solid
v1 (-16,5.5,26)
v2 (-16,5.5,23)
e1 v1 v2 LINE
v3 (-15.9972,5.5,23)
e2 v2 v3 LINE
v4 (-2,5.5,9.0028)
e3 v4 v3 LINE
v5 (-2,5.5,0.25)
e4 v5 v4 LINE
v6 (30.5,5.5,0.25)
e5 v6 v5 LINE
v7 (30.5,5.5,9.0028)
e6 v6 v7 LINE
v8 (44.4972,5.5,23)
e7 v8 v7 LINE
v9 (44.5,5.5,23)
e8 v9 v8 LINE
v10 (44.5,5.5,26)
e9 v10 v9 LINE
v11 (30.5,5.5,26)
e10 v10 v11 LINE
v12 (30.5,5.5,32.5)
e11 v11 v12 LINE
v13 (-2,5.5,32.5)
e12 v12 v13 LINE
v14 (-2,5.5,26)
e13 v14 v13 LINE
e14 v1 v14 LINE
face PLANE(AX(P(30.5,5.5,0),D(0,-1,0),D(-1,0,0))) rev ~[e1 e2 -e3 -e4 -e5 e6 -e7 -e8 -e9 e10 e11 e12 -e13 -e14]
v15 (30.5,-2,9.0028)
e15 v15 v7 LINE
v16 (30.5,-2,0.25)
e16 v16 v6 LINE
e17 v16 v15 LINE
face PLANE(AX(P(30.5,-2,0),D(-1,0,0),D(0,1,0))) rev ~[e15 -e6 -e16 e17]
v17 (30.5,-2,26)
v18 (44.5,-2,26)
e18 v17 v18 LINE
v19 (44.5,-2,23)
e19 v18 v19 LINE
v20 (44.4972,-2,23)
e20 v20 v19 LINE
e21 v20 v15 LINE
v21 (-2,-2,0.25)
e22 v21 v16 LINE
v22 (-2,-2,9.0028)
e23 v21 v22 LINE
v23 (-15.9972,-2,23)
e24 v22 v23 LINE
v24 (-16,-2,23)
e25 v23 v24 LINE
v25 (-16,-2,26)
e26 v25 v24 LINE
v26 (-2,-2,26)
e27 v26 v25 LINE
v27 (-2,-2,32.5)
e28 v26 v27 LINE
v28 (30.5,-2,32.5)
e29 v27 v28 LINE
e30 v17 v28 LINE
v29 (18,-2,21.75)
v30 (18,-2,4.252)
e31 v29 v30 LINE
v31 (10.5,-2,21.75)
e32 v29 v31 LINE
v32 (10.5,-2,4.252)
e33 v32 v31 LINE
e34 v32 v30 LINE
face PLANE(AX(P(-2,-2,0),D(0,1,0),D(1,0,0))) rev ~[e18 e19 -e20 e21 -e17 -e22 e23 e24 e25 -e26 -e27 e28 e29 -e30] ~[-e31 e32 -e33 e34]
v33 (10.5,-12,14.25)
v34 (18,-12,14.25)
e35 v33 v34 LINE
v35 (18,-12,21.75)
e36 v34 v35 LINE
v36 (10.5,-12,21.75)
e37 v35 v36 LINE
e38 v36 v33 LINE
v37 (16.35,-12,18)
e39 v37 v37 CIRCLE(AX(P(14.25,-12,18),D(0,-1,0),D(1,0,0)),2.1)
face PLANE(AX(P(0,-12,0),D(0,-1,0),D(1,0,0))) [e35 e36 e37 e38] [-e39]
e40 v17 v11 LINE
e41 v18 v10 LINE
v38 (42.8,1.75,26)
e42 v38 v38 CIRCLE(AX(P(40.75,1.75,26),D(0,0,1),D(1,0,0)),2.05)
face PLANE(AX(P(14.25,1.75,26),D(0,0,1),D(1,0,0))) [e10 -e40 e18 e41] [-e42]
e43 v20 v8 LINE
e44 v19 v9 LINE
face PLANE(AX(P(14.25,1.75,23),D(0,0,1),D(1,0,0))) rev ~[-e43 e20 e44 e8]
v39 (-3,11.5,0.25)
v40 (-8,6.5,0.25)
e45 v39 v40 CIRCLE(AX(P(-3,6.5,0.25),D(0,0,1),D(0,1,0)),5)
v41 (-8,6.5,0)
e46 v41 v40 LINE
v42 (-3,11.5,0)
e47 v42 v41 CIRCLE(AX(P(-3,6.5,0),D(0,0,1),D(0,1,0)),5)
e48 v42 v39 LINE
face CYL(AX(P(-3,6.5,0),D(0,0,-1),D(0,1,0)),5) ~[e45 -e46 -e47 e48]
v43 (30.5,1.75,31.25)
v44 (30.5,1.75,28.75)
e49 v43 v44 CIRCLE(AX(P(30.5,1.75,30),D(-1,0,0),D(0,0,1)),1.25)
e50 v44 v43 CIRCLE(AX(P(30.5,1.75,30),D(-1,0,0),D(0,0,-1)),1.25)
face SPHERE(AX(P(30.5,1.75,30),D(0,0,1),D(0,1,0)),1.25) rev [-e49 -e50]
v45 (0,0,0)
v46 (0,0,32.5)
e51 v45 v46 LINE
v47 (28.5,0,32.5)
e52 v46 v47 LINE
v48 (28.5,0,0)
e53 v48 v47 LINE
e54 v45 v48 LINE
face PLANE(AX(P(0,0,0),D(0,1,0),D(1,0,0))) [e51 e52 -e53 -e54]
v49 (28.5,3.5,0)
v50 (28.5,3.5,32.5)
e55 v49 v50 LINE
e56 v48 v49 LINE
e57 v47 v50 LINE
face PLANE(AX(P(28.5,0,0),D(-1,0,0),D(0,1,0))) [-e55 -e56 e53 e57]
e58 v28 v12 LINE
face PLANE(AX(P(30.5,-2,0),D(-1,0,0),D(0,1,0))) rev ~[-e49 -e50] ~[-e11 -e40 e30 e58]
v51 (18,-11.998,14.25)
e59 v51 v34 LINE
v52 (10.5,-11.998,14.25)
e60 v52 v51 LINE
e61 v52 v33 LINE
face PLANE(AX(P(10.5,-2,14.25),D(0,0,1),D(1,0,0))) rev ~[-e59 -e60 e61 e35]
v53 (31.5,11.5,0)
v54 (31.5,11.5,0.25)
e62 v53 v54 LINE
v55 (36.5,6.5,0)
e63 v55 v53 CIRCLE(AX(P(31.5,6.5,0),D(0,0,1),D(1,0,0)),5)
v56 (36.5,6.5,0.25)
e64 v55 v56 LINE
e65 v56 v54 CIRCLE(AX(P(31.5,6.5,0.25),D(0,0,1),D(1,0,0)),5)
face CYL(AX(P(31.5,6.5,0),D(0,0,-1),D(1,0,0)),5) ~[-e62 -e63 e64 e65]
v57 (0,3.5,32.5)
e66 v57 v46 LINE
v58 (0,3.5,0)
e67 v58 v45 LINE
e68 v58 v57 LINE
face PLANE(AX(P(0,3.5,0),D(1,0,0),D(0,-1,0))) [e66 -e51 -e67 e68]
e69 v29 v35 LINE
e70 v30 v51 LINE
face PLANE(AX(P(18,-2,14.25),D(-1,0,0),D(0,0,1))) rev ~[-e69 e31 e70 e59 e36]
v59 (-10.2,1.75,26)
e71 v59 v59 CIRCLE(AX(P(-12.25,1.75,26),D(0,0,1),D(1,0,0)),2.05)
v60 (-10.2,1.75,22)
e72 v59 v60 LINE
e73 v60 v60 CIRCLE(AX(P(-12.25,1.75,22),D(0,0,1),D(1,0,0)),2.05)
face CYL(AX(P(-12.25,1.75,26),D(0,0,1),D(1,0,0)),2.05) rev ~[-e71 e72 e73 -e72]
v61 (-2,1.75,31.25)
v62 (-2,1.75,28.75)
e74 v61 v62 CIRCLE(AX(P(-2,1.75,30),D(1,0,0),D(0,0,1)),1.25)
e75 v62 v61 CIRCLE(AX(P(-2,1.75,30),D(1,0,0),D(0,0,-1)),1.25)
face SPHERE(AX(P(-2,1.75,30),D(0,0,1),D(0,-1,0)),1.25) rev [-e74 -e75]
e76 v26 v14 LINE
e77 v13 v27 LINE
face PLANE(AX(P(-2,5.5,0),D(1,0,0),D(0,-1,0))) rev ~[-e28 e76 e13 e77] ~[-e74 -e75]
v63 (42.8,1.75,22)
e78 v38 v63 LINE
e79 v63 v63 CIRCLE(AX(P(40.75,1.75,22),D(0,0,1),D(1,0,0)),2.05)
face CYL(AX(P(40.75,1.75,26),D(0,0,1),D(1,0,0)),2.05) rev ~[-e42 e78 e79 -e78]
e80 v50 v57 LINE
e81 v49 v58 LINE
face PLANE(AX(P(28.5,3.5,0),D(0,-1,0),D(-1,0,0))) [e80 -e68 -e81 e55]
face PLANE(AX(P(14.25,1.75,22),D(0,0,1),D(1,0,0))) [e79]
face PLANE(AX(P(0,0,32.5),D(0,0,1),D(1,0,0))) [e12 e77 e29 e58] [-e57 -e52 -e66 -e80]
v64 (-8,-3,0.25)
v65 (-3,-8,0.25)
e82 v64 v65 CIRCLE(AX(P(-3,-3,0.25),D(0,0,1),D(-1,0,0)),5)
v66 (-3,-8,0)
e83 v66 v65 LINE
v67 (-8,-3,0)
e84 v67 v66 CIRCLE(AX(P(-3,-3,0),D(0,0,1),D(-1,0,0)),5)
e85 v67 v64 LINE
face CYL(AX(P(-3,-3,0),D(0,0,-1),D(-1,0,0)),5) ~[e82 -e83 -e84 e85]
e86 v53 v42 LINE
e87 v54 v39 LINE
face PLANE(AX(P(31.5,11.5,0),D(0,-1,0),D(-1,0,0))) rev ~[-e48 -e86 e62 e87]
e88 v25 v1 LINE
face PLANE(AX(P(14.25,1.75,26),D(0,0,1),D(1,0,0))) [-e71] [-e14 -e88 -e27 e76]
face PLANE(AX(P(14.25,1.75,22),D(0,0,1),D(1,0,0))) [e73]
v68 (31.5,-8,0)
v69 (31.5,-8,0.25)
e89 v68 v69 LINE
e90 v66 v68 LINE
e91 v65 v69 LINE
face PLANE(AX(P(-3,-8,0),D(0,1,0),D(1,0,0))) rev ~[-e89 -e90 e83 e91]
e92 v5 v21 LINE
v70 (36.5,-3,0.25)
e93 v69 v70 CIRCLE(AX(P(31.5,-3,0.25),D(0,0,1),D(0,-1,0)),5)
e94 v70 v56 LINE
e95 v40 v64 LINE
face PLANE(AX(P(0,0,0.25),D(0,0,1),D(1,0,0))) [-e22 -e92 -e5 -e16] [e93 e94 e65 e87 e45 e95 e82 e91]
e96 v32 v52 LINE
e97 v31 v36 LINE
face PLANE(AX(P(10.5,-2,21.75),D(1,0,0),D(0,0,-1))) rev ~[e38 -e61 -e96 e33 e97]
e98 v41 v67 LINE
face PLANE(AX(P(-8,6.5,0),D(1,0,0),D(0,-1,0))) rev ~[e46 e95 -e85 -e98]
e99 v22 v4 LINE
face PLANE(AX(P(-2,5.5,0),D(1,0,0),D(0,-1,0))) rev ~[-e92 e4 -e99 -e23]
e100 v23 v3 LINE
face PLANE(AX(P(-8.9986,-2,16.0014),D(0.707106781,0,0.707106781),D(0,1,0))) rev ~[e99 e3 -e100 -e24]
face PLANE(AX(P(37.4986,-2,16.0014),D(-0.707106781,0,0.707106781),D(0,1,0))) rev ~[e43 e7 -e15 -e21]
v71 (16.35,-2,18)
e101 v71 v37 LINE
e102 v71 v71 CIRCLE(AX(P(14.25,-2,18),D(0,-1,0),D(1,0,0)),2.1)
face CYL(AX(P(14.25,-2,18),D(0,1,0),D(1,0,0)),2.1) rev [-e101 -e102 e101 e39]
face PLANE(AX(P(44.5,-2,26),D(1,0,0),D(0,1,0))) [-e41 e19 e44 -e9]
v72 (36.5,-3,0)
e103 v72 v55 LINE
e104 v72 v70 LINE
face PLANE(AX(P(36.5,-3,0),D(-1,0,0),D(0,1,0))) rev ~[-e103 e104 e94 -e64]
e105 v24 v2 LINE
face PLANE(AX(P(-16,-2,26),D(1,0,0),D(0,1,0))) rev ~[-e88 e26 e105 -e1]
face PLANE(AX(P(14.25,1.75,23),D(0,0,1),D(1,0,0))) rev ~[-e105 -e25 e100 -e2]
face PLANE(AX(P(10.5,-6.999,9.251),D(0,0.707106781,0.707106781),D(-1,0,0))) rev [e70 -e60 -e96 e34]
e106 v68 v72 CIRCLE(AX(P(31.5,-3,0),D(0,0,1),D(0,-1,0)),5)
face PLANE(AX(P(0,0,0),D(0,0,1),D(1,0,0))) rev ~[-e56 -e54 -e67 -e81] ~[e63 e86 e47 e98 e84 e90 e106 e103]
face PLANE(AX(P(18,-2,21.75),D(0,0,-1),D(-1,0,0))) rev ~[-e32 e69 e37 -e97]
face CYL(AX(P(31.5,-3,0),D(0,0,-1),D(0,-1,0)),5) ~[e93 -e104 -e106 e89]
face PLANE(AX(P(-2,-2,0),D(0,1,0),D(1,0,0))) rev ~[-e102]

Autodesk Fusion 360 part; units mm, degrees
sketch "Sketch1" plane through (0, 0, 0) normal (0, 0, 1) x (1, 0, 0)
  line L0 (0, 0) -> (28.5, 0)
  line L1 (28.5, 0) -> (28.5, 3.5)
  line L2 (28.5, 3.5) -> (0, 3.5)
  line L3 (0, 3.5) -> (0, 0)
  line L4 (-2, -2) -> (30.5, -2)
  line L5 (30.5, -2) -> (30.5, 5.5)
  line L6 (30.5, 5.5) -> (-2, 5.5)
  line L7 (-2, 5.5) -> (-2, -2)
  line L8 (-3, -8) -> (31.5, -8)
  line L9 (36.5, -3) -> (36.5, 6.5)
  line L10 (31.5, 11.5) -> (-3, 11.5)
  line L11 (-8, 6.5) -> (-8, -3)
  arc A0 (-3, 11.5) -> (-8, 6.5) centre (-3, 6.5) ccw
  arc A1 (36.5, 6.5) -> (31.5, 11.5) centre (31.5, 6.5) ccw
  arc A2 (31.5, -8) -> (36.5, -3) centre (31.5, -3) ccw
  arc A3 (-8, -3) -> (-3, -8) centre (-3, -3) ccw
  dimension "d1" = 28.5
  dimension "d2" = 3.5
  dimension "d3" = 2
  dimension "d48" = 5
extrude "Extrude1" add sketch "Sketch1" along normal blind 32.5 contours L4 L5 L6 L7
ref_plane "WorkPlane3" through (14.25, 1.75, 26) normal (0, 0, 1) x (1, 0, 0)
sketch "Sketch5" plane through (0, -2, 0) normal (0, -1, 0) x (1, 0, 0)
  line L0 (-2, 0) -> (30.5, 0)
  line L1 (30.5, 0) -> (30.5, 32.5)
  line L2 (30.5, 32.5) -> (-2, 32.5)
  line L3 (-2, 32.5) -> (-2, 0)
  line L4 (-5.25, 26) -> (33.75, 26)
  circle A0 centre (14.25, 18) radius 2.1
  line L5 (18, 21.75) -> (10.5, 21.75)
  line L6 (10.5, 21.75) -> (10.5, 14.25)
  line L7 (10.5, 14.25) -> (18, 14.25)
  line L8 (18, 14.25) -> (18, 21.75)
  line L9 (18, 21.75) -> (10.5, 14.25) construction
  line L10 (10.5, 21.75) -> (18, 14.25) construction
  line L11 (-2, 0) -> (30.5, 0)
  point P0 (14.25, 18)
  dimension "d27" = 4.2
  dimension "d28" = 7.5
  dimension "d29" = 7.5
  dimension "d30" = 8
extrude "Extrude3" add sketch "Sketch5" along normal blind 10 contours L5 L6 L7 L8
sketch "Sketch6" plane through (30.5, 0, 0) normal (1, 0, 0) x (0, 1, 0)
  line L0 (-2, 0) -> (5.5, 0)
  line L1 (5.5, 0) -> (5.5, 32.5)
  line L2 (5.5, 32.5) -> (-2, 32.5)
  line L3 (-2, 32.5) -> (-2, 0)
  line L4 (6.25, 26) -> (-2.75, 26)
  circle A0 centre (1.75, 30) radius 1.25
  line L5 (1.75, 31.25) -> (1.75, 28.75)
  dimension "d36" = 2.5
  dimension "d37" = 3.75
  dimension "d38" = 2.5
  dimension "d39" = 2.5
revolve "Revolve1" cut sketch "Sketch6" angle 360 about axis through (30.5, 1.75, 31.25) along (0, 0, -1) contours A0 L5 picked at (2.4551, 29.6422)
sketch "Sketch7" plane through (-2, 0, 0) normal (-1, 0, 0) x (0, -1, 0)
  line L0 (-5.5, 0) -> (2, 0)
  line L1 (2, 0) -> (2, 32.5)
  line L2 (2, 32.5) -> (-5.5, 32.5)
  line L3 (-5.5, 32.5) -> (-5.5, 0)
  line L4 (-6.25, 26) -> (2.75, 26)
  circle A0 centre (-1.75, 30) radius 1.25
  line L5 (-1.75, 31.25) -> (-1.75, 28.75)
  point P0 (-1.75, 31.25)
  dimension "d41" = 2.5
  dimension "d42" = 3.75
  dimension "d43" = 2.5
revolve "Revolve2" cut sketch "Sketch7" angle 360 about axis through (-2, 1.75, 31.25) along (0, 0, -1) contours A0 L5 picked at (-1.2448, 29.6517)
extrude "Extrude4" add sketch "Sketch1" along normal blind 0.25 contours L8 L9 L10 L11 A0 A1 A2 A3
sketch "Sketch8" plane through (14.25, 1.75, 26) normal (0, 0, 1) x (1, 0, 0)
  line L0 (16.25, -3.75) -> (16.25, 3.75)
  line L1 (16.25, -3.75) -> (30.25, -3.75)
  line L2 (30.25, -3.75) -> (30.25, 3.75)
  line L3 (30.25, 3.75) -> (16.25, 3.75)
  line L4 (16.25, 3.75) -> (16.25, -3.75)
  circle A0 centre (26.5, 0) radius 2.05
  circle A1 centre (26.5, 0) radius 3.55
  line L5 (-14.25, -1.75) -> (14.25, -1.75)
  line L6 (14.25, 1.75) -> (-14.25, 1.75)
  line L7 (0, -1.75) -> (0, 1.75)
  line L8 (-16.25, -3.75) -> (-16.25, 3.75)
  line L9 (-16.25, 3.75) -> (-16.25, -3.75)
  line L10 (-16.25, -3.75) -> (-30.25, -3.75)
  line L11 (-30.25, -3.75) -> (-30.25, 3.75)
  circle A2 centre (-26.5, 0) radius 2.05
  line L12 (-30.25, 3.75) -> (-16.25, 3.75)
  circle A3 centre (-26.5, 0) radius 3.55
  dimension "d51" = 7.5
  dimension "d52" = 14
  dimension "d53" = 4.1
  dimension "d54" = 3.75
  dimension "d55" = 3.75
  dimension "d56" = 7.1
extrude "Extrude6" add sketch "Sketch8" against normal blind 3 contours L0 L1 L2 L3 L4 | A0 | A1 | L8 L9 L10 L11 L12 | A2 | A3
chamfer "Chamfer3" distance 10 distance2 10 1 edges at (14.25, -2, 14.25) measured on face at (13, -2, 4.9167)
chamfer "Chamfer4" distance 14 angle 45 2 edges at (-2, 1.75, 23) (30.5, 1.75, 23)
extrude "Extrude7" cut sketch "Sketch8" against normal blind 4 contours A0 | A2
equation "d6 = 26 mm + 1.5 mm + 5 mm"
equation "d39 = d36"
equation "d54 = d51 / 2"
equation "d55 = d54"
equation "d56 = d53 + 3 mm"
